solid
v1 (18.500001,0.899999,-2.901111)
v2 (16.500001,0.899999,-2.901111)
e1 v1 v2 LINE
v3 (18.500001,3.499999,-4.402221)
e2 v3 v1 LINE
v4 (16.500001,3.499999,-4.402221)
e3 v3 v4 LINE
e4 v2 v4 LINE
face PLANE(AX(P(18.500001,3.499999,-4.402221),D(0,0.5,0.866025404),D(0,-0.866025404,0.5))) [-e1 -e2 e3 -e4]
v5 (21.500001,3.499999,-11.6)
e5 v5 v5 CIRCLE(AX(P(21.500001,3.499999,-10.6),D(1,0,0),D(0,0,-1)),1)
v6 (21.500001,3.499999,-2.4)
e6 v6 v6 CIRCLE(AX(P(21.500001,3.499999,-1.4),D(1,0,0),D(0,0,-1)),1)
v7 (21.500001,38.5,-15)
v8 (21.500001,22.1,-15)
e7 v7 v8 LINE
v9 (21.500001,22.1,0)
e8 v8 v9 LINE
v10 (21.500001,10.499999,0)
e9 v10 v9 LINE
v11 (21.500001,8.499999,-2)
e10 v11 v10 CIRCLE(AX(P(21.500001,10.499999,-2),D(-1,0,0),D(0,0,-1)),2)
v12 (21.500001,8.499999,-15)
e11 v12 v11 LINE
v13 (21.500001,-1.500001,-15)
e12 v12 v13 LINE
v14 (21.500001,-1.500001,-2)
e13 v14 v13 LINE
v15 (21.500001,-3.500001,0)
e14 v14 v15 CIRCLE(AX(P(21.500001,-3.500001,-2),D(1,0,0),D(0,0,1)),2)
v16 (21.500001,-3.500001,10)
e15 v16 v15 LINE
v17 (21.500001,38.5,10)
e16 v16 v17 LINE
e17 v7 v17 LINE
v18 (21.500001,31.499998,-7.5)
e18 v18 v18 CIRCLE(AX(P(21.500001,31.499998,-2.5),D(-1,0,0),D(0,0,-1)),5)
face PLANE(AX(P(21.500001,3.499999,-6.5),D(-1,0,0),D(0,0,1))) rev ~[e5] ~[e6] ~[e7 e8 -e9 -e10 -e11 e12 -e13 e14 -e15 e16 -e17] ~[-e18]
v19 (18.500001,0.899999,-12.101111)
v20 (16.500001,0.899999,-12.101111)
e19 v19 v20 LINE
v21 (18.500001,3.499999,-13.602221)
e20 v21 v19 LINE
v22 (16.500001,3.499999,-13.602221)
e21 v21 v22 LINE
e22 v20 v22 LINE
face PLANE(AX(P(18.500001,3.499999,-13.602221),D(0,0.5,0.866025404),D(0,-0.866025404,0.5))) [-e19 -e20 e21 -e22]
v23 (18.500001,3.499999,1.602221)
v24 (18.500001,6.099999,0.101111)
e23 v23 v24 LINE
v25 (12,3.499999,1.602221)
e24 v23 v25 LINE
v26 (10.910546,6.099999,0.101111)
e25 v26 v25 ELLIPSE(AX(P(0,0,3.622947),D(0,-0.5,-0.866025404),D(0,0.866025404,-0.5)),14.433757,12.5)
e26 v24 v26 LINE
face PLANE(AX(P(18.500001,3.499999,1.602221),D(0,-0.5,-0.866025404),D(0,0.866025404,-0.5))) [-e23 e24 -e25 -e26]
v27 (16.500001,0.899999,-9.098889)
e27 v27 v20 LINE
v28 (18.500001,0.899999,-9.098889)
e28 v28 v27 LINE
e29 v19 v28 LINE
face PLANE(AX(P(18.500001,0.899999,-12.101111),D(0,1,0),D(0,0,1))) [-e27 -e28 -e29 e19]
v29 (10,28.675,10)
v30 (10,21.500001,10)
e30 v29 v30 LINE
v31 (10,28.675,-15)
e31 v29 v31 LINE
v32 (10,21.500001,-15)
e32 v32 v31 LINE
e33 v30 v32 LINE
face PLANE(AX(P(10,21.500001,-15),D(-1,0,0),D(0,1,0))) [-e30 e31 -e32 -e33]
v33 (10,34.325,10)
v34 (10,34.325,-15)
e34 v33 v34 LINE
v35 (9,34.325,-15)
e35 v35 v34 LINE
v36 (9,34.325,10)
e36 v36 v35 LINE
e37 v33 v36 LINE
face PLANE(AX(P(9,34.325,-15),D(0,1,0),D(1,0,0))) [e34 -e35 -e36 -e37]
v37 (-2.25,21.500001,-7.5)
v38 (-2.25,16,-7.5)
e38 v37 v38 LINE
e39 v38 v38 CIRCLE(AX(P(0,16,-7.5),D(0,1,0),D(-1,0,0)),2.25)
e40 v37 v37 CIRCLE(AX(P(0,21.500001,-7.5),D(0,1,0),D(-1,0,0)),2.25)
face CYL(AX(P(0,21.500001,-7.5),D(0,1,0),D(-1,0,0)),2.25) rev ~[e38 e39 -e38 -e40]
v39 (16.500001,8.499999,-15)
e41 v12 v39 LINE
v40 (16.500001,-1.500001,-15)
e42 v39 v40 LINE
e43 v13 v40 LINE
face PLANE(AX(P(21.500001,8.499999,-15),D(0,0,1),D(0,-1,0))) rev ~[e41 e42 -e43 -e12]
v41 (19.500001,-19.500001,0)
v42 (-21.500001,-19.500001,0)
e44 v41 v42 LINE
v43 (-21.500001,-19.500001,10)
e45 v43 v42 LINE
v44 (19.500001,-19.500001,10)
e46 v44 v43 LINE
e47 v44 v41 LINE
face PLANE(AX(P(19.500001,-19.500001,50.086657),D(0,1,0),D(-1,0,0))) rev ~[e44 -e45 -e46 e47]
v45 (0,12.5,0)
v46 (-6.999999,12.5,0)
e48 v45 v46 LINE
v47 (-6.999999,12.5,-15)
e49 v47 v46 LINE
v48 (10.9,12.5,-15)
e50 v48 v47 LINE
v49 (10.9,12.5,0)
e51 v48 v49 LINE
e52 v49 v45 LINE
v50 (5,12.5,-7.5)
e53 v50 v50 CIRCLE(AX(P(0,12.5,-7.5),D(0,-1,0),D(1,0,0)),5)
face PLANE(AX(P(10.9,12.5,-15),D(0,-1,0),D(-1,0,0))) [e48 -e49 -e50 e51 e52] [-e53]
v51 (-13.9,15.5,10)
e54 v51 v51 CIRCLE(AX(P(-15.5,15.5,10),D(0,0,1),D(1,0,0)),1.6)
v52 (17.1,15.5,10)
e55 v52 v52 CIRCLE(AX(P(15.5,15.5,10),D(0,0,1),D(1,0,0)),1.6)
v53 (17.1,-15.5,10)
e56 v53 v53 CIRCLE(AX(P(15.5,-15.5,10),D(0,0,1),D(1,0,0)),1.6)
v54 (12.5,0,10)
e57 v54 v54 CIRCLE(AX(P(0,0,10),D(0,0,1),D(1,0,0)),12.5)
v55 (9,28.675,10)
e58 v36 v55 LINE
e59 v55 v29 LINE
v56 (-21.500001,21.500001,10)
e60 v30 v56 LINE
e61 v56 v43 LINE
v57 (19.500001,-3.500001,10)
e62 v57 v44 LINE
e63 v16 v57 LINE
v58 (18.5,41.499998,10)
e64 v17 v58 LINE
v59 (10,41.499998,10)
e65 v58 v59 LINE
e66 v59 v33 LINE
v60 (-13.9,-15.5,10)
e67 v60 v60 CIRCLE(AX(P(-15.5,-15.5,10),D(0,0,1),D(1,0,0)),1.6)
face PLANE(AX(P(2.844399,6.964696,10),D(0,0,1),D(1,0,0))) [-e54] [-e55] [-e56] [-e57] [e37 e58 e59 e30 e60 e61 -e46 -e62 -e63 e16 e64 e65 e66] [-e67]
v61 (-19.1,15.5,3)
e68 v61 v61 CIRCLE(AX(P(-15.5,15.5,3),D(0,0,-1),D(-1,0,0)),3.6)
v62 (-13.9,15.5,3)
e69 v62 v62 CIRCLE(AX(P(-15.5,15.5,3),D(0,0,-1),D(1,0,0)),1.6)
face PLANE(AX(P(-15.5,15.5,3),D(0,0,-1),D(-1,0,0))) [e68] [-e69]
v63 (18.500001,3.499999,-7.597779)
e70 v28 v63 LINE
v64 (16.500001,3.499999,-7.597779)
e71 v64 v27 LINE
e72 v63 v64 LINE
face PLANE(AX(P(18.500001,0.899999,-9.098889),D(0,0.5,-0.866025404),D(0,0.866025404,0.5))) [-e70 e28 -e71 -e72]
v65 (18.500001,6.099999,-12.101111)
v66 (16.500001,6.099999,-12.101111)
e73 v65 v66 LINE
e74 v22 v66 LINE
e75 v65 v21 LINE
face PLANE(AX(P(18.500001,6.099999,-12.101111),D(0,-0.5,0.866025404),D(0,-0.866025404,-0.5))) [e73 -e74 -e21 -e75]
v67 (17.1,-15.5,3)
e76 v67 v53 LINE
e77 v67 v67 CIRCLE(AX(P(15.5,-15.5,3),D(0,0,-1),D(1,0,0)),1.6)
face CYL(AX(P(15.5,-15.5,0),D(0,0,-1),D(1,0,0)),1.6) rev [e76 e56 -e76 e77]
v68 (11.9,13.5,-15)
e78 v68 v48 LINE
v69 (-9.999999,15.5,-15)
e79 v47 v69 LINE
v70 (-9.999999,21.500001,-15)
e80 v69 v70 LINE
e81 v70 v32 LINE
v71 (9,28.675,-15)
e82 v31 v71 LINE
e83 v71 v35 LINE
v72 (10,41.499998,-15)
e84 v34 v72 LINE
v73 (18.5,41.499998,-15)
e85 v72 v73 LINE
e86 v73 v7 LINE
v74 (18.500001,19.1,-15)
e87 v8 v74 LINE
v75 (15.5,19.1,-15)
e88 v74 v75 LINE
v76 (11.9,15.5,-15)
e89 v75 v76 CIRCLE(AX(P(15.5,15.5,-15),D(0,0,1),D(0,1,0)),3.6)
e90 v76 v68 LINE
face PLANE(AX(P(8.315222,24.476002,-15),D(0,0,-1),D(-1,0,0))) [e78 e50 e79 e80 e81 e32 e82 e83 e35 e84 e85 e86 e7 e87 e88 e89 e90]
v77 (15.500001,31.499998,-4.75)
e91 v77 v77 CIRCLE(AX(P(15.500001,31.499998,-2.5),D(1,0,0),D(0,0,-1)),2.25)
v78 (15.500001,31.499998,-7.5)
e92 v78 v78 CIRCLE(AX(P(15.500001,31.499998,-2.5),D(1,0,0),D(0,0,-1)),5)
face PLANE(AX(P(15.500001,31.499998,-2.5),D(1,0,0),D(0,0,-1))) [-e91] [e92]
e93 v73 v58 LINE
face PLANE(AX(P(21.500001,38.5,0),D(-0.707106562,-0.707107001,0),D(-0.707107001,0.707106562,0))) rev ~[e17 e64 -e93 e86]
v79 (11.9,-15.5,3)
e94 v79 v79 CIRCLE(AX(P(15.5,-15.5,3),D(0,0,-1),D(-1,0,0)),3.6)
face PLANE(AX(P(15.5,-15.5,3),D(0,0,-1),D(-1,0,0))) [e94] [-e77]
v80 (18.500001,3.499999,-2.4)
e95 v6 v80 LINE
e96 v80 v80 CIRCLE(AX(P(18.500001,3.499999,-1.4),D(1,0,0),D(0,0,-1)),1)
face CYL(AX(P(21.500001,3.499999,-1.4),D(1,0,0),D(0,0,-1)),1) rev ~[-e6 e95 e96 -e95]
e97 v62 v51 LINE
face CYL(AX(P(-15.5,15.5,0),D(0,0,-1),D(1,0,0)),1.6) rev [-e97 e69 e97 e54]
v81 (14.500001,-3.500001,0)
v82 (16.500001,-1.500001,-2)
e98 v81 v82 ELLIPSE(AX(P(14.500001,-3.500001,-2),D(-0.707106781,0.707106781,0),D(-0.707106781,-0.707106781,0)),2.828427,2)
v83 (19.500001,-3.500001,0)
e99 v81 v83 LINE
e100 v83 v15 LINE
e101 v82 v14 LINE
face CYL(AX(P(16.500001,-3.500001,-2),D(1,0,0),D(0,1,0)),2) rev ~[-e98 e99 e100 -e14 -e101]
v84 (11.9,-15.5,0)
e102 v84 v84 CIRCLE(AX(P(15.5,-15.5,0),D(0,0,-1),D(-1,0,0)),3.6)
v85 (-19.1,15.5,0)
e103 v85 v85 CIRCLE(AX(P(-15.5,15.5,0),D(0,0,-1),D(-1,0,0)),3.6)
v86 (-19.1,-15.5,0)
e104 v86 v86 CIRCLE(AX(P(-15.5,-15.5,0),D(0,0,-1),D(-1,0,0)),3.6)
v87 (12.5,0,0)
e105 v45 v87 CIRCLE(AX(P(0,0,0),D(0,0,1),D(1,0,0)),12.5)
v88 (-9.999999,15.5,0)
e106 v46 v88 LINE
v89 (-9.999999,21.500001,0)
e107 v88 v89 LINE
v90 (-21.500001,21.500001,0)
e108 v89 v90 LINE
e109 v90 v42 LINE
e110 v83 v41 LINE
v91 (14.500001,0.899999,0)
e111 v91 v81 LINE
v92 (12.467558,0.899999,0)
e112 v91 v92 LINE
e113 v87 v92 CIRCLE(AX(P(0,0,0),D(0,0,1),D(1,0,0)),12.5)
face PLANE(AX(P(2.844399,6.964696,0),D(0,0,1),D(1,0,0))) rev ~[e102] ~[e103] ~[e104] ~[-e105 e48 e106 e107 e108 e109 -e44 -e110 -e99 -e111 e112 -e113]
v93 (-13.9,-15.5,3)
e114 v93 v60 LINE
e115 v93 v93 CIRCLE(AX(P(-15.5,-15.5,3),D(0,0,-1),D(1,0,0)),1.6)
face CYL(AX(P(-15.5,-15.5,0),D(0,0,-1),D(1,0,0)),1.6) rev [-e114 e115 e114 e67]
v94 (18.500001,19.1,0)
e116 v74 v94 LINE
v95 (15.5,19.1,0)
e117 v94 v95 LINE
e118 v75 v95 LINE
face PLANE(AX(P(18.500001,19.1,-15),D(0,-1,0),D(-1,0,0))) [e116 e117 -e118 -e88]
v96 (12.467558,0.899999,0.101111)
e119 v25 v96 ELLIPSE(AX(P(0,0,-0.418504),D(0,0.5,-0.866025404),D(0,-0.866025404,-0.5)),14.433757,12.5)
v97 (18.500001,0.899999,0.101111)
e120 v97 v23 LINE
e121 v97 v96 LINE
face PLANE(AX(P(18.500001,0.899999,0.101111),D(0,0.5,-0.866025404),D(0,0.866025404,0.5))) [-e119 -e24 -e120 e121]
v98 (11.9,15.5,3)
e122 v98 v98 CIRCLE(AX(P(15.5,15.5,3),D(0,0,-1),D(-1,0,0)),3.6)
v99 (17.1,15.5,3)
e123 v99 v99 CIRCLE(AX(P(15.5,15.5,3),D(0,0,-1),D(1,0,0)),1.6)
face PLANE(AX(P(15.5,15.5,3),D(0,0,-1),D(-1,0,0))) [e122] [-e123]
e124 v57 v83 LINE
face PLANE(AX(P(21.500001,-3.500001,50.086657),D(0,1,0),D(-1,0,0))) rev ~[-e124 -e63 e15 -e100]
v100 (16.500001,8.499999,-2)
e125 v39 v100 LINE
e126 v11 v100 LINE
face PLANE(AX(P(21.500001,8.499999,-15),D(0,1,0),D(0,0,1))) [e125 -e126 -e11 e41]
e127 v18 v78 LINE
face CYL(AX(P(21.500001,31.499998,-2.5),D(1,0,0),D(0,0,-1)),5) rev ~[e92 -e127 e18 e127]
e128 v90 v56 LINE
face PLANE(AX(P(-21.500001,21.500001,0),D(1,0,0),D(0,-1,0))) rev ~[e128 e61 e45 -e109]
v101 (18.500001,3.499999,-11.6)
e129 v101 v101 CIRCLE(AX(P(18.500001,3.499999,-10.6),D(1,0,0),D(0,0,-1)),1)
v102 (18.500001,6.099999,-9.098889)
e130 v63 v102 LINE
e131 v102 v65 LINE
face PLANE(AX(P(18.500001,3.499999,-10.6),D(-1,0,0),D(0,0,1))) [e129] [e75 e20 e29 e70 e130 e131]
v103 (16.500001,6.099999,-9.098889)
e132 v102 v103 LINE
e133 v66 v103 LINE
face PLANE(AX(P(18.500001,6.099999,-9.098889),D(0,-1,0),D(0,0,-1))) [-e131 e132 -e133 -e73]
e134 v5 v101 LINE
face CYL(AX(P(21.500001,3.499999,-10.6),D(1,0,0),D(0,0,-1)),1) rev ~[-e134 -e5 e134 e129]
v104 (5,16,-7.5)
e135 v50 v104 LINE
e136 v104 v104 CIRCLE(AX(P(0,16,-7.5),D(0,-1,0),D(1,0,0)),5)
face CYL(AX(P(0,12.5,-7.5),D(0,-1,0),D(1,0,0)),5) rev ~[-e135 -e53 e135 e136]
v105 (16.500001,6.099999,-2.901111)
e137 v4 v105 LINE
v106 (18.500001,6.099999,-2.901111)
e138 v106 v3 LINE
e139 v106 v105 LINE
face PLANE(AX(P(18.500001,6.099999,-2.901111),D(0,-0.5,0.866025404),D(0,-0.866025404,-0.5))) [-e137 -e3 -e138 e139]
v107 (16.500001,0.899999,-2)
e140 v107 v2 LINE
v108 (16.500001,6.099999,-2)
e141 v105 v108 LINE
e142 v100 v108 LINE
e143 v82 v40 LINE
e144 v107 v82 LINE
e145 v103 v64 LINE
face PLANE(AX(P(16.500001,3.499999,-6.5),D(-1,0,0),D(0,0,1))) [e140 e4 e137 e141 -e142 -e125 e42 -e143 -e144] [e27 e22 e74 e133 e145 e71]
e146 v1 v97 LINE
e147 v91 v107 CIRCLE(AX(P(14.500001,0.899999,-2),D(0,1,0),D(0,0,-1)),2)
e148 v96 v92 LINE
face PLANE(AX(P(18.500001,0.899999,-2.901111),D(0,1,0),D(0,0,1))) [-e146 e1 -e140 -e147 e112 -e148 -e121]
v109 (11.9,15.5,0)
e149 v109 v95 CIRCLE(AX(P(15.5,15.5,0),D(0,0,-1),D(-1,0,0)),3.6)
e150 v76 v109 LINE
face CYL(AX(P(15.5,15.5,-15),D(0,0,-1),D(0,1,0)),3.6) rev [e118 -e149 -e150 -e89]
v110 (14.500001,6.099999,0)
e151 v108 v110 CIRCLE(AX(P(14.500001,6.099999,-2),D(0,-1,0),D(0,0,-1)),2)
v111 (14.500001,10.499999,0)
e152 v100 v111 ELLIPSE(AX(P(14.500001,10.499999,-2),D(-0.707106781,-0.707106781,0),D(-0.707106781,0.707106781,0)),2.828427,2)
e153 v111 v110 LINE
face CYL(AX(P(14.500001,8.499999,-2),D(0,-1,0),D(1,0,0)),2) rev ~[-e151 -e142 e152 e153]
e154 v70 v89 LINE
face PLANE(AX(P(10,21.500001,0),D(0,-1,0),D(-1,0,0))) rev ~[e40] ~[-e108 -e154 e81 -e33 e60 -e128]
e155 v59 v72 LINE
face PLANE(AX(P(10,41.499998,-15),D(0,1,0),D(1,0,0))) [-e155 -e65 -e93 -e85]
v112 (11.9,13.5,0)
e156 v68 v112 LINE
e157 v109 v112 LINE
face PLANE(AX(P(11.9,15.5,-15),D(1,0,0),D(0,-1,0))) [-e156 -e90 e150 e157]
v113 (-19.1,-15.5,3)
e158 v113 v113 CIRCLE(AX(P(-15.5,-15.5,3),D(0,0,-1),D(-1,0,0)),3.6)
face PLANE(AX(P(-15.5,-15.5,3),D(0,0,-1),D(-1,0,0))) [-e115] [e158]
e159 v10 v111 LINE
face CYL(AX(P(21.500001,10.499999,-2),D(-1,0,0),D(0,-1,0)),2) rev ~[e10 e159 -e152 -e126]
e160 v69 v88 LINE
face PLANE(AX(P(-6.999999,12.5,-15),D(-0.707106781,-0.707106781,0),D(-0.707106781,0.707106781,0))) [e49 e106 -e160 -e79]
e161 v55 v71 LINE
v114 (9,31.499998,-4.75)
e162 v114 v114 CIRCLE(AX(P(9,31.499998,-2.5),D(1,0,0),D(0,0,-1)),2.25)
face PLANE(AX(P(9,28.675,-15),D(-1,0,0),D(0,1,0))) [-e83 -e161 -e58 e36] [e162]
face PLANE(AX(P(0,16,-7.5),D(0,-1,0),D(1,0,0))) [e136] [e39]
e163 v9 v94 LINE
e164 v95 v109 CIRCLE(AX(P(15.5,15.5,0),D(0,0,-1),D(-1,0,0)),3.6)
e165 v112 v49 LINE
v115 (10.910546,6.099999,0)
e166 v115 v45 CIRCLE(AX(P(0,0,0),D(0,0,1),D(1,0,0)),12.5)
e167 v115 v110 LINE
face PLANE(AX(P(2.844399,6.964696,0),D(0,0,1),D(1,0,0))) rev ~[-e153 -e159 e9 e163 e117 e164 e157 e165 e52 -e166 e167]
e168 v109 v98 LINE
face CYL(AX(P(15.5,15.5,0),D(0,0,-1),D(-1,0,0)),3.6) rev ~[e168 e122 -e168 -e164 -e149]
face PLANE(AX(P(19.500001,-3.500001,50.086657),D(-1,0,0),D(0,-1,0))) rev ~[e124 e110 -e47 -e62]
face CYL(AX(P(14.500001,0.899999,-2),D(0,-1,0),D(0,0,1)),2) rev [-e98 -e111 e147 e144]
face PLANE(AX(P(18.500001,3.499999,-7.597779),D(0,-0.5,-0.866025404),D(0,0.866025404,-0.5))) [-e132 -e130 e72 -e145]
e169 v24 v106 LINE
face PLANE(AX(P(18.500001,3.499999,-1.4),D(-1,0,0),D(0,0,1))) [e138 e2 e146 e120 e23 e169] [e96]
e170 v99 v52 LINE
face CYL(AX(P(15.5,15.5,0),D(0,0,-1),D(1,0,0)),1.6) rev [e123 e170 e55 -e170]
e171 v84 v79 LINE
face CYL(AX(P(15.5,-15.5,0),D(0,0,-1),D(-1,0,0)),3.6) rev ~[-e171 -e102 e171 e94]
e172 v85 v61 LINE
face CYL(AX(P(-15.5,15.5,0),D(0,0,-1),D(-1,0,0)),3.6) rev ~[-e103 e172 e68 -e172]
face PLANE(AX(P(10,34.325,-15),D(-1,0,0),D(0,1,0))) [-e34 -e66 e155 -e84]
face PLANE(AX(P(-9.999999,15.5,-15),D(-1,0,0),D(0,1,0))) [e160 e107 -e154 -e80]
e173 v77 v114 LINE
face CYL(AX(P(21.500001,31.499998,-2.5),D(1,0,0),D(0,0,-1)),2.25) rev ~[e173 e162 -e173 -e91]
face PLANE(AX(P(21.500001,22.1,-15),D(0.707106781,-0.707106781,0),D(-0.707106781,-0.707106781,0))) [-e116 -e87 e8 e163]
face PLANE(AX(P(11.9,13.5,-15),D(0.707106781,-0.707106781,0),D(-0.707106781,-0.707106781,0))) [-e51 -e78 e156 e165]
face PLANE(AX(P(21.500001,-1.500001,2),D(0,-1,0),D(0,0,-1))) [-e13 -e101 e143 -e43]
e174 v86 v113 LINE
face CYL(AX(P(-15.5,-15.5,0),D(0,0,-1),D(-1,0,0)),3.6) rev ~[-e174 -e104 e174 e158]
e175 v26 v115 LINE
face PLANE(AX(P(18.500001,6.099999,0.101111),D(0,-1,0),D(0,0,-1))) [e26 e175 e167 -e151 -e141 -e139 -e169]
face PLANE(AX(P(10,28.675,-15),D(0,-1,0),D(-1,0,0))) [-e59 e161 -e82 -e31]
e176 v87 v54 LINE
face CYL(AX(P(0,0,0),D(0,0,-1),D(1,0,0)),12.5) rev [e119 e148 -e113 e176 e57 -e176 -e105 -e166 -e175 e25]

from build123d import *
from build123d.topology import SkipClean

# Parameters (mm, degrees)
ESBO_O1_R                  = 12.5
ESBO_O1_R_2                = 1.6
RESSALTO_EXTRUS_O1_DEPTH   = 10
ESBO_O3_R                  = 3.6
CORTE_EXTRUS_O1_DEPTH      = 3
RESSALTO_EXTRUS_O2_START   = 15
RESSALTO_EXTRUS_O2_DEPTH   = 15
ESBO_O4_R                  = 2.25
CORTE_EXTRUS_O2_DEPTH      = 62.613715961
ESBO_O5_R                  = 2.25
CORTE_EXTRUS_O3_DEPTH      = 51.361196938
ESBO_O6_R                  = 5
CORTE_EXTRUS_O4_DEPTH      = 3.5
ESBO_O7_R                  = 5
CORTE_EXTRUS_O5_DEPTH      = 6
ESBO_O8_R                  = 1
RESSALTO_EXTRUS_O3_DEPTH   = 5
CORTE_EXTRUS_O7_DEPTH      = 10
CORTE_EXTRUS_O7_DEPTH_BACK = 2
FILETE1_R                  = 2
CORTE_EXTRUS_O8_DEPTH      = 50.08665705
CORTE_EXTRUS_O8_DEPTH_BACK = 50.08665705


with BuildPart() as part:
    # Esboço1 → Ressalto-extrusão1 (new body)
    with BuildSketch(Plane.XY):
        Polygon((-21.50000073, 21.50000073), (-21.50000073, -21.50000073), (21.50000073, -21.50000073), (21.50000073, 38.499999791), (18.500000238, 41.49999842), (9.999999776, 41.49999842), (9.999999776, 34.324999575), (8.999999613, 34.324999575), (8.999999613, 28.674999575), (9.999999776, 28.674999575), (9.999999776, 21.50000073), align=None)
        Circle(ESBO_O1_R, mode=Mode.SUBTRACT)
        with Locations((-15.5, 15.5)):
            Circle(ESBO_O1_R_2, mode=Mode.SUBTRACT)
        with Locations((15.5, 15.5)):
            Circle(ESBO_O1_R_2, mode=Mode.SUBTRACT)
        with Locations((15.5, -15.5)):
            Circle(ESBO_O1_R_2, mode=Mode.SUBTRACT)
        with Locations((-15.5, -15.5)):
            Circle(ESBO_O1_R_2, mode=Mode.SUBTRACT)
    extrude(amount=RESSALTO_EXTRUS_O1_DEPTH)

    # Esboço3 → Corte-extrusão1 (cut)
    with BuildSketch(Plane(origin=(0, 0, 0), x_dir=(-1, 0, 0), z_dir=(0, 0, -1))):
        with Locations((-15.5, 15.5)):
            Circle(ESBO_O3_R)
        with Locations((15.5, 15.5)):
            Circle(ESBO_O3_R)
        with Locations((15.5, -15.5)):
            Circle(ESBO_O3_R)
        with Locations((-15.5, -15.5)):
            Circle(ESBO_O3_R)
    extrude(amount=-CORTE_EXTRUS_O1_DEPTH, mode=Mode.SUBTRACT)

    # Esboço2 → Ressalto-extrusão2 (add)
    with SkipClean():  # the faces are left unmerged after this step: merging them gives an invalid solid
        with BuildSketch(Plane(origin=(0, 0, 0), x_dir=(-1, 0, 0), z_dir=(0, 0, -1)).offset(RESSALTO_EXTRUS_O2_START)):
            with BuildLine():
                Line((-18.500000238, 41.49999842), (-21.50000073, 38.499999791))
                Line((-21.50000073, 38.499999791), (-21.50000073, 22.1))
                Line((-21.50000073, 22.1), (-18.50000073, 19.1))
                Line((-18.50000073, 19.1), (-15.5, 19.1))
                ThreePointArc((-15.5, 19.1), (-12.954415588, 18.045584412), (-11.9, 15.5))
                Line((-11.9, 15.5), (-11.9, 13.5))
                Line((-11.9, 13.5), (-10.9, 12.5))
                Line((-10.9, 12.5), (6.99999927, 12.5))
                Line((6.99999927, 12.5), (9.99999927, 15.5))
                Line((9.99999927, 15.5), (9.99999927, 21.50000073))
                Line((9.99999927, 21.50000073), (-9.999999776, 21.50000073))
                Line((-9.999999776, 21.50000073), (-9.999999776, 28.674999575))
                Line((-9.999999776, 28.674999575), (-8.999999613, 28.674999575))
                Line((-8.999999613, 28.674999575), (-8.999999613, 34.324999575))
                Line((-8.999999613, 34.324999575), (-9.999999776, 34.324999575))
                Line((-9.999999776, 34.324999575), (-9.999999776, 41.49999842))
                Line((-9.999999776, 41.49999842), (-18.500000238, 41.49999842))
            make_face()
        extrude(amount=-RESSALTO_EXTRUS_O2_DEPTH)

    # Esboço4 → Corte-extrusão2 (cut, through all)
    with SkipClean():  # the faces are left unmerged after this step: merging them gives an invalid solid
        with BuildSketch(Plane(origin=(21.50000073, 0, 0), x_dir=(0, 0, -1), z_dir=(1, 0, 0))):
            with Locations((2.5, 31.49999842)):
                Circle(ESBO_O4_R)
        extrude(amount=-CORTE_EXTRUS_O2_DEPTH, mode=Mode.SUBTRACT)

    # Esboço5 → Corte-extrusão3 (cut, through all)
    with SkipClean():  # the faces are left unmerged after this step: merging them gives an invalid solid
        with BuildSketch(Plane(origin=(0, 21.50000073, 0), x_dir=(1, 0, 0), z_dir=(0, 1, 0))):
            with Locations(Location((0, 7.5, 0), (0, 0, 180))):
                Circle(ESBO_O5_R)
        extrude(amount=-CORTE_EXTRUS_O3_DEPTH, mode=Mode.SUBTRACT)

    # Esboço6 → Corte-extrusão4 (cut)
    with SkipClean():  # the faces are left unmerged after this step: merging them gives an invalid solid
        with BuildSketch(Plane.XZ.offset(-12.5)):
            with Locations((0, -7.5)):
                Circle(ESBO_O6_R)
        extrude(amount=-CORTE_EXTRUS_O4_DEPTH, mode=Mode.SUBTRACT)

    # Esboço7 → Corte-extrusão5 (cut)
    with SkipClean():  # the faces are left unmerged after this step: merging them gives an invalid solid
        with BuildSketch(Plane(origin=(21.50000073, 0, 0), x_dir=(0, 0, -1), z_dir=(1, 0, 0))):
            with Locations((2.5, 31.49999842)):
                Circle(ESBO_O7_R)
        extrude(amount=-CORTE_EXTRUS_O5_DEPTH, mode=Mode.SUBTRACT)

    # Esboço8 → Ressalto-extrusão3 (add)
    with SkipClean():  # the faces are left unmerged after this step: merging them gives an invalid solid
        with BuildSketch(Plane(origin=(21.50000073, 0, 0), x_dir=(0, 0, -1), z_dir=(1, 0, 0))):
            Polygon((0, 8.49999927), (15, 8.49999927), (15, -1.50000073), (0, -1.50000073), (-2, -1.50000073), (-2, 8.49999927), align=None)
            with Locations((1.4, 3.49999927)):
                Circle(ESBO_O8_R, mode=Mode.SUBTRACT)
            with Locations((10.6, 3.49999927)):
                Circle(ESBO_O8_R, mode=Mode.SUBTRACT)
        extrude(amount=-RESSALTO_EXTRUS_O3_DEPTH)

    # Esboço9 → Corte-extrusão7 (cut, two sides: drawn at the far end of the back side and taken through both)
    with BuildSketch(Plane.ZY.offset(-16.50000073).offset(-CORTE_EXTRUS_O7_DEPTH_BACK)):
        Polygon((-9.0988893, 0.89999927), (-7.5977786, 3.49999927), (-9.0988893, 6.09999927), (-12.1011107, 6.09999927), (-13.6022214, 3.49999927), (-12.1011107, 0.89999927), align=None)
        Polygon((-4.4022214, 3.49999927), (-2.9011107, 0.89999927), (0.1011107, 0.89999927), (1.6022214, 3.49999927), (0.1011107, 6.09999927), (-2.9011107, 6.09999927), align=None)
    extrude(amount=CORTE_EXTRUS_O7_DEPTH + CORTE_EXTRUS_O7_DEPTH_BACK, mode=Mode.SUBTRACT)

    # Filete1
    filete1_edges = [part.edges().sort_by_distance(p)[0] for p in [
        (16.50000073, -0.30000073, 0),
        (19.00000073, 8.49999927, 0),
        (19.00000073, -1.50000073, 0),
        (16.50000073, 7.29999927, 0),
    ]]
    fillet(filete1_edges, radius=FILETE1_R)

    # Esboço10 → Corte-extrusão8 (cut, two sides: drawn at the far end of the back side and taken through both)
    with SkipClean():  # the faces are left unmerged after this step: merging them gives an invalid solid
        with BuildSketch(Plane(origin=(0, 0, 0), x_dir=(-1, 0, 0), z_dir=(0, 0, -1)).offset(-CORTE_EXTRUS_O8_DEPTH_BACK)):
            Polygon((-21.50000073, -3.50000073), (-19.50000073, -3.50000073), (-19.50000073, -19.50000073), (21.50000073, -19.50000073), (21.50000073, -21.50000073), (-19.50000073, -21.50000073), (-21.50000073, -21.50000073), align=None)
        extrude(amount=CORTE_EXTRUS_O8_DEPTH + CORTE_EXTRUS_O8_DEPTH_BACK, mode=Mode.SUBTRACT)


solid = part.part
